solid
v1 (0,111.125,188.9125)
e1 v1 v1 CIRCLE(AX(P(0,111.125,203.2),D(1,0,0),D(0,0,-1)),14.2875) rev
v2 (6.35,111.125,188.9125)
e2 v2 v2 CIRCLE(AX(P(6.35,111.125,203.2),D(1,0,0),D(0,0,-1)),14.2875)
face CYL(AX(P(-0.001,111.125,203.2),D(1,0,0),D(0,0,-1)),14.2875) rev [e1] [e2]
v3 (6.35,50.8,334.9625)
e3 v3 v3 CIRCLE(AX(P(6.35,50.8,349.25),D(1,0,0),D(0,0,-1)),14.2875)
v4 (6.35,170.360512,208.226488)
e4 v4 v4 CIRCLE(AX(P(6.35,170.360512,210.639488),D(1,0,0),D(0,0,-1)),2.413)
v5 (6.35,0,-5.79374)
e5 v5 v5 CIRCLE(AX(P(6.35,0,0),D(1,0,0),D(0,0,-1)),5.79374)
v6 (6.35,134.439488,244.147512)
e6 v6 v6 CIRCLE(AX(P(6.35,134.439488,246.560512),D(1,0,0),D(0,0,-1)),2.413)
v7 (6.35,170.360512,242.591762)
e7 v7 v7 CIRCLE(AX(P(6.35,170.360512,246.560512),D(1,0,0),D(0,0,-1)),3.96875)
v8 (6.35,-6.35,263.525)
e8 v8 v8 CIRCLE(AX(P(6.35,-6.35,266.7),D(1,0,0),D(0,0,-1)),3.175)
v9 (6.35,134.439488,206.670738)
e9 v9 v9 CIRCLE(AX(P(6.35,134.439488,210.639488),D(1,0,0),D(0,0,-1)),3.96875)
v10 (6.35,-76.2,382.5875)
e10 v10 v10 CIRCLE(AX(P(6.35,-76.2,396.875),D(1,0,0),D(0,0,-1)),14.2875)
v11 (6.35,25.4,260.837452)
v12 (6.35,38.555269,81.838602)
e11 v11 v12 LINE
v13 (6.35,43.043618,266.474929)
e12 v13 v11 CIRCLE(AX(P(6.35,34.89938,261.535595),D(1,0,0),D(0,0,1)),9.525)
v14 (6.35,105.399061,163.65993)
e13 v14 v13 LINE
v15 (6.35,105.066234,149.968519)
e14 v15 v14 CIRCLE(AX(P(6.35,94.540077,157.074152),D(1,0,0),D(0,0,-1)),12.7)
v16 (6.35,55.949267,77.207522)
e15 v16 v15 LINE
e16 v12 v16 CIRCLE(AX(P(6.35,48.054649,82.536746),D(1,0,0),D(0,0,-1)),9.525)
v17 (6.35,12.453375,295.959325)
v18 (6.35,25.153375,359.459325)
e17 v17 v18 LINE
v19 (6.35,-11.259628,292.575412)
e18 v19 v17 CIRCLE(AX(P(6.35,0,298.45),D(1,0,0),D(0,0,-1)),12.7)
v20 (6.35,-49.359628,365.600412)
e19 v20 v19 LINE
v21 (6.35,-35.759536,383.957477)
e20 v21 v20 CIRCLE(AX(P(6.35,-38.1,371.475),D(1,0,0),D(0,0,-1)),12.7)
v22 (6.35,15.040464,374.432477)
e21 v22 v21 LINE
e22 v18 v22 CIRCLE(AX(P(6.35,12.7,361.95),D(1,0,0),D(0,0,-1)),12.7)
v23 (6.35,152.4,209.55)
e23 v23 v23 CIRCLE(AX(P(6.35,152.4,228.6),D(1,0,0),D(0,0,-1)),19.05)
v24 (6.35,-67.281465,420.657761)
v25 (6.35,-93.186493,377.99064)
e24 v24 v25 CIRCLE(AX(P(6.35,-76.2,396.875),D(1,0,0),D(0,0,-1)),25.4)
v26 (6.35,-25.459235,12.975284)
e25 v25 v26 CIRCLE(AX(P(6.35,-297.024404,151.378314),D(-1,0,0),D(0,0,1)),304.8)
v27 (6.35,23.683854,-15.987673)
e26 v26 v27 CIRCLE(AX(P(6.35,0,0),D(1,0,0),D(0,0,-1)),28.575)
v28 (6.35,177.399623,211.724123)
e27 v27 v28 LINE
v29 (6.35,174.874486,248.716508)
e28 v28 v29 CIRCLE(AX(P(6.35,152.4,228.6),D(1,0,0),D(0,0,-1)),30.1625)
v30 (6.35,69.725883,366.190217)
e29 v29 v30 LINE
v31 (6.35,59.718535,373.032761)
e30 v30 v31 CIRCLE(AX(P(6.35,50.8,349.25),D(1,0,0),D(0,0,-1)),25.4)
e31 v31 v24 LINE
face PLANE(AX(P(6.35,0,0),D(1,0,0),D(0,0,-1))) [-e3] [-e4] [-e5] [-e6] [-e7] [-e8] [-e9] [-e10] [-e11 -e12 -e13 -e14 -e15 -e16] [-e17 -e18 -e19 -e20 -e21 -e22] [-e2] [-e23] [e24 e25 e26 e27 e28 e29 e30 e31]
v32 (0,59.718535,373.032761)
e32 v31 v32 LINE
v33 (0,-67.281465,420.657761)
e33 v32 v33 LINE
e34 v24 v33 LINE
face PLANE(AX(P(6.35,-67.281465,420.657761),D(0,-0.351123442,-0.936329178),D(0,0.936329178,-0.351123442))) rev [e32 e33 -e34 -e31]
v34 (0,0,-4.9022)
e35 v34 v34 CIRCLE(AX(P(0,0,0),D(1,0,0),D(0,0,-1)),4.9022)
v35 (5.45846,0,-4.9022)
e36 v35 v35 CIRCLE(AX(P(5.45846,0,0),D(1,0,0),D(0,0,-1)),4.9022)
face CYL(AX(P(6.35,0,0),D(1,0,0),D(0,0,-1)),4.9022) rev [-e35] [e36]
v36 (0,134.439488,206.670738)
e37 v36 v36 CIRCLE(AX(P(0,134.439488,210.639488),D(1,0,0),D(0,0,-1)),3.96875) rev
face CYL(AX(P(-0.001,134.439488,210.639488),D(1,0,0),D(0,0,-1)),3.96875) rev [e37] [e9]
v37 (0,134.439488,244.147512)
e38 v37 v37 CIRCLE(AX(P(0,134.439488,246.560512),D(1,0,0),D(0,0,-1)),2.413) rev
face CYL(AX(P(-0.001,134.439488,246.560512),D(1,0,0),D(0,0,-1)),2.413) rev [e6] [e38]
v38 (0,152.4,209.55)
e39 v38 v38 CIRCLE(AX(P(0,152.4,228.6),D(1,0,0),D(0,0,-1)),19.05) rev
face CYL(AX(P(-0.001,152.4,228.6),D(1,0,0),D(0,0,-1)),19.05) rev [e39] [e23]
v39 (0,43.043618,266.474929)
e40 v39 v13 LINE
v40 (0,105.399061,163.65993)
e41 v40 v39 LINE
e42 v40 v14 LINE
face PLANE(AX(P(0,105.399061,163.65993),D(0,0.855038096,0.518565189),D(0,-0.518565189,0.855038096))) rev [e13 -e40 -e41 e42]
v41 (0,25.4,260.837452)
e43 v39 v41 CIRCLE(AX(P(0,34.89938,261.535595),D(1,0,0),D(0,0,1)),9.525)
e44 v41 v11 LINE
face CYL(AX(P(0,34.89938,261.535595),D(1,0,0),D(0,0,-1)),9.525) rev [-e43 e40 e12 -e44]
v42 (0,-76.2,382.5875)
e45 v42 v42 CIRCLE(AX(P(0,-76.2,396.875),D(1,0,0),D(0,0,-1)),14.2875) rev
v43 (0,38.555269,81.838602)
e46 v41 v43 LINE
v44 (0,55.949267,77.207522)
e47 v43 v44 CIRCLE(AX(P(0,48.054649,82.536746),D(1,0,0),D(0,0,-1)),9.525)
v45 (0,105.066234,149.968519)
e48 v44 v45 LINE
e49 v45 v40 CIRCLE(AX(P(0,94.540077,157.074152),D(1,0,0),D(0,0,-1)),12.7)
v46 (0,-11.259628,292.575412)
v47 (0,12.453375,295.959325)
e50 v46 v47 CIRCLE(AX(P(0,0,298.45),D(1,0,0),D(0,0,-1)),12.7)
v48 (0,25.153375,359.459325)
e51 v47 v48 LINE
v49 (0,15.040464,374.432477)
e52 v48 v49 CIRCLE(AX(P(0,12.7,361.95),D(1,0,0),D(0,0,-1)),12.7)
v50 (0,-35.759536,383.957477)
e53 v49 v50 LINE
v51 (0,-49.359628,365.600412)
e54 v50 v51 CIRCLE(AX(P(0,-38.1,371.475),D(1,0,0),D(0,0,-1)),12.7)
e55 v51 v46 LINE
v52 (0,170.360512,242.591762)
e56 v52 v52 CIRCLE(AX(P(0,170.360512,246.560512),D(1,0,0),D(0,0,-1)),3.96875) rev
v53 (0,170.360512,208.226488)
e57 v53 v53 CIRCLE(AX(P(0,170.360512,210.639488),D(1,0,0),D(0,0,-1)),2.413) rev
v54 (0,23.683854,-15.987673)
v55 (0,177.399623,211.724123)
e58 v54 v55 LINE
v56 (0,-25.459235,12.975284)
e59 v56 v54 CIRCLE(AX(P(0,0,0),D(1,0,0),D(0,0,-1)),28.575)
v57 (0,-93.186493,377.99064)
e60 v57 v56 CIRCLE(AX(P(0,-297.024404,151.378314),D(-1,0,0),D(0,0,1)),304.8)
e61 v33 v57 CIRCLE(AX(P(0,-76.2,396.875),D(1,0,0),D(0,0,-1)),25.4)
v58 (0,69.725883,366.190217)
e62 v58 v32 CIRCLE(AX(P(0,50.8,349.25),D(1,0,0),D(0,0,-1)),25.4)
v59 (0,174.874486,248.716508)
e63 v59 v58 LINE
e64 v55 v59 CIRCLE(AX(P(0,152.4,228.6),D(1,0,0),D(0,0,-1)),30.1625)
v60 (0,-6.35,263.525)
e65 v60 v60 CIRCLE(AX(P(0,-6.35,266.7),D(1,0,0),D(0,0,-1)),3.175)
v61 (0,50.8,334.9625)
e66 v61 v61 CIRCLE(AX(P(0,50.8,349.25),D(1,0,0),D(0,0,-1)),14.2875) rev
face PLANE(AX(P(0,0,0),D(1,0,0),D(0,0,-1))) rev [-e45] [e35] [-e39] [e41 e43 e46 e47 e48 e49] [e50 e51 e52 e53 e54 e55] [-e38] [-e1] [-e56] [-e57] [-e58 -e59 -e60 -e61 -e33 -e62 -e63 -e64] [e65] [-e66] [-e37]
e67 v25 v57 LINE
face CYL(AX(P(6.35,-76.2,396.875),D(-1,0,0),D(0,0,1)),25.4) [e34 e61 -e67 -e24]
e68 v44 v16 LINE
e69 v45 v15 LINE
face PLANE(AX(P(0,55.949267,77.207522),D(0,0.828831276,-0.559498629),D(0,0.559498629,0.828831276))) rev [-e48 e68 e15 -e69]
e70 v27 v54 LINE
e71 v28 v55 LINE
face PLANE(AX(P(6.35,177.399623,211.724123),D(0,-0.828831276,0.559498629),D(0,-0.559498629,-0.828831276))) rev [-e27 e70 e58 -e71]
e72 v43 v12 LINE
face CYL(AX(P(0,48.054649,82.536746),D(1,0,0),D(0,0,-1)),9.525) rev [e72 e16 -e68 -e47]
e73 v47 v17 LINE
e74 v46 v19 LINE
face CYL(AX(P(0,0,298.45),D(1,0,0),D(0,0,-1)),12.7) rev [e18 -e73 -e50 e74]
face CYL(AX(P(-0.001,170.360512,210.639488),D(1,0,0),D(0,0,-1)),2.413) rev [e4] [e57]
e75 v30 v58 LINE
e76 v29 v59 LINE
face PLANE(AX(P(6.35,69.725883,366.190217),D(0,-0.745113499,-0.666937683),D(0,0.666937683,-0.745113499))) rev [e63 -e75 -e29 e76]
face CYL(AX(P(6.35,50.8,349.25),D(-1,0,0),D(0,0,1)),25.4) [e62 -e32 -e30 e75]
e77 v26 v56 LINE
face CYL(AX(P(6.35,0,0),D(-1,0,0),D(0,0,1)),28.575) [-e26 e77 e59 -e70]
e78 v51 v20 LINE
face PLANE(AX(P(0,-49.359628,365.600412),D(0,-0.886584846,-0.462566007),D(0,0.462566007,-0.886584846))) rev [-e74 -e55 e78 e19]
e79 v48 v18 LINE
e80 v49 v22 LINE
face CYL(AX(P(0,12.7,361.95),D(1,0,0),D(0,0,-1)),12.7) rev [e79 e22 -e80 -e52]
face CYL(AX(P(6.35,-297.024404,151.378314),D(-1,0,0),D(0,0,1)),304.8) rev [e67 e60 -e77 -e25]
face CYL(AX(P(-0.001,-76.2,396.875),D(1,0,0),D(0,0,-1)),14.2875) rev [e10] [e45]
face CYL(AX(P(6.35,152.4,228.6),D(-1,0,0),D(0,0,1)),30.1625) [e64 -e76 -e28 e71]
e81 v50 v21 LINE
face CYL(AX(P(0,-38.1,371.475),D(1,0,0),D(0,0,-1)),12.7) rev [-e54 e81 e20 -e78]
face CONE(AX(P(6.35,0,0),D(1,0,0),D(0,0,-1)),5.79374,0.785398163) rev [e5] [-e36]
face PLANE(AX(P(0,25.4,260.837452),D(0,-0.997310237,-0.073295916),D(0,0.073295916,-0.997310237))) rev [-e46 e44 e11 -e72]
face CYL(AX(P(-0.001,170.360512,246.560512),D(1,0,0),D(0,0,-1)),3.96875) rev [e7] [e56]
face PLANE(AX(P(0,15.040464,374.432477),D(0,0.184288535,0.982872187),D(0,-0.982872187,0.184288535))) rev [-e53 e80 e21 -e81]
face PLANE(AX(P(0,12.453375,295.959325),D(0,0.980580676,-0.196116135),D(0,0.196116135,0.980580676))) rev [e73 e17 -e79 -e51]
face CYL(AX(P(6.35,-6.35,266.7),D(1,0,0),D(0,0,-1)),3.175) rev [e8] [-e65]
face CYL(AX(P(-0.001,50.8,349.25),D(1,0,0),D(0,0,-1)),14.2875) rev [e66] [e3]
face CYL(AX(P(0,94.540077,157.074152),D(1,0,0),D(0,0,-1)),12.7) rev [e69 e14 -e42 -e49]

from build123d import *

# Parameters (mm, degrees)
BOSS_EXTRUDE1_DEPTH               = 6.35
CUT_EXTRUDE1_REACH                = 8.35
SKETCH3_R                         = 14.2875
SKETCH3_R_2                       = 19.05
SKETCH3_R_3                       = 2.413
SKETCH3_R_4                       = 3.96875
F_3_8_CLEARANCE_HOLE2_D           = 9.8044
F_3_8_CLEARANCE_HOLE2_CSINK_D     = 11.58748
F_3_8_CLEARANCE_HOLE2_CSINK_ANGLE = 90
F_1_4_0_2500_DOWEL_HOLE2_D        = 6.35
CUT_EXTRUDE2_DEPTH                = 7.35


with BuildPart() as part:
    # Sketch2 → Boss-Extrude1 (new body)
    with BuildSketch(Plane(origin=(0, 0, 0), x_dir=(0, 0, -1), z_dir=(1, 0, 0))):
        with BuildLine():
            Line((-420.65776111, -67.281464584), (-373.03276111, 59.718535416))
            ThreePointArc((-373.03276111, 59.718535416), (-370.217283815, 65.136422477), (-366.190217158, 69.725882876))
            Line((-366.190217158, 69.725882876), (-248.716507876, 174.874485915))
            ThreePointArc((-248.716507876, 174.874485915), (-230.65414247, 182.492472563), (-211.724122614, 177.399623371))
            Line((-211.724122614, 177.399623371), (15.987673313, 23.68385372))
            ThreePointArc((15.987673313, 23.68385372), (24.617664495, -14.508660165), (-12.975284095, -25.459234624))
            ThreePointArc((-12.975284095, -25.459234624), (-206.983757432, 2.660555148), (-377.990639572, -93.186492612))
            ThreePointArc((-377.990639572, -93.186492612), (-410.057040874, -97.911605155), (-420.65776111, -67.281464584))
        make_face()
    extrude(amount=BOSS_EXTRUDE1_DEPTH)

    # Sketch3 → Cut-Extrude1 (cut, up to next)
    with BuildSketch(Plane(origin=(6.35, 0, 0), x_dir=(0, 0, -1), z_dir=(1, 0, 0)), mode=Mode.PRIVATE) as cut_extrude1_sk1:
        with Locations((-203.2, 111.125)):
            Circle(SKETCH3_R)
    cut_extrude1_tool1 = extrude(cut_extrude1_sk1.sketch, amount=-CUT_EXTRUDE1_REACH, mode=Mode.PRIVATE) & part.part
    add(cut_extrude1_tool1.solids().sort_by_distance((6.35, 111.125, 203.2))[0], mode=Mode.SUBTRACT)
    # Sketch3 → Cut-Extrude1 (cut, up to next)
    with BuildSketch(Plane(origin=(6.35, 0, 0), x_dir=(0, 0, -1), z_dir=(1, 0, 0)), mode=Mode.PRIVATE) as cut_extrude1_sk2:
        with Locations((-349.25, 50.8)):
            Circle(SKETCH3_R)
    cut_extrude1_tool2 = extrude(cut_extrude1_sk2.sketch, amount=-CUT_EXTRUDE1_REACH, mode=Mode.PRIVATE) & part.part
    add(cut_extrude1_tool2.solids().sort_by_distance((6.35, 50.8, 349.25))[0], mode=Mode.SUBTRACT)
    # Sketch3 → Cut-Extrude1 (cut, up to next)
    with BuildSketch(Plane(origin=(6.35, 0, 0), x_dir=(0, 0, -1), z_dir=(1, 0, 0)), mode=Mode.PRIVATE) as cut_extrude1_sk3:
        with Locations((-396.875, -76.2)):
            Circle(SKETCH3_R)
    cut_extrude1_tool3 = extrude(cut_extrude1_sk3.sketch, amount=-CUT_EXTRUDE1_REACH, mode=Mode.PRIVATE) & part.part
    add(cut_extrude1_tool3.solids().sort_by_distance((6.35, -76.2, 396.875))[0], mode=Mode.SUBTRACT)
    # Sketch3 → Cut-Extrude1 (cut, up to next)
    with BuildSketch(Plane(origin=(6.35, 0, 0), x_dir=(0, 0, -1), z_dir=(1, 0, 0)), mode=Mode.PRIVATE) as cut_extrude1_sk4:
        with Locations((-228.6, 152.4)):
            Circle(SKETCH3_R_2)
    cut_extrude1_tool4 = extrude(cut_extrude1_sk4.sketch, amount=-CUT_EXTRUDE1_REACH, mode=Mode.PRIVATE) & part.part
    add(cut_extrude1_tool4.solids().sort_by_distance((6.35, 152.4, 228.6))[0], mode=Mode.SUBTRACT)
    # Sketch3 → Cut-Extrude1 (cut, up to next)
    with BuildSketch(Plane(origin=(6.35, 0, 0), x_dir=(0, 0, -1), z_dir=(1, 0, 0)), mode=Mode.PRIVATE) as cut_extrude1_sk5:
        with Locations((-246.560512242, 134.439487758)):
            Circle(SKETCH3_R_3)
    cut_extrude1_tool5 = extrude(cut_extrude1_sk5.sketch, amount=-CUT_EXTRUDE1_REACH, mode=Mode.PRIVATE) & part.part
    add(cut_extrude1_tool5.solids().sort_by_distance((6.35, 134.439488, 246.560512))[0], mode=Mode.SUBTRACT)
    # Sketch3 → Cut-Extrude1 (cut, up to next)
    with BuildSketch(Plane(origin=(6.35, 0, 0), x_dir=(0, 0, -1), z_dir=(1, 0, 0)), mode=Mode.PRIVATE) as cut_extrude1_sk6:
        with Locations((-210.639487758, 134.439487758)):
            Circle(SKETCH3_R_4)
    cut_extrude1_tool6 = extrude(cut_extrude1_sk6.sketch, amount=-CUT_EXTRUDE1_REACH, mode=Mode.PRIVATE) & part.part
    add(cut_extrude1_tool6.solids().sort_by_distance((6.35, 134.439488, 210.639488))[0], mode=Mode.SUBTRACT)
    # Sketch3 → Cut-Extrude1 (cut, up to next)
    with BuildSketch(Plane(origin=(6.35, 0, 0), x_dir=(0, 0, -1), z_dir=(1, 0, 0)), mode=Mode.PRIVATE) as cut_extrude1_sk7:
        with Locations((-210.639487758, 170.360512242)):
            Circle(SKETCH3_R_3)
    cut_extrude1_tool7 = extrude(cut_extrude1_sk7.sketch, amount=-CUT_EXTRUDE1_REACH, mode=Mode.PRIVATE) & part.part
    add(cut_extrude1_tool7.solids().sort_by_distance((6.35, 170.360512, 210.639488))[0], mode=Mode.SUBTRACT)
    # Sketch3 → Cut-Extrude1 (cut, up to next)
    with BuildSketch(Plane(origin=(6.35, 0, 0), x_dir=(0, 0, -1), z_dir=(1, 0, 0)), mode=Mode.PRIVATE) as cut_extrude1_sk8:
        with Locations((-246.560512242, 170.360512242)):
            Circle(SKETCH3_R_4)
    cut_extrude1_tool8 = extrude(cut_extrude1_sk8.sketch, amount=-CUT_EXTRUDE1_REACH, mode=Mode.PRIVATE) & part.part
    add(cut_extrude1_tool8.solids().sort_by_distance((6.35, 170.360512, 246.560512))[0], mode=Mode.SUBTRACT)

    # 3/8 Clearance Hole2 (through all)
    with Locations(Plane(origin=(6.35, 0, 0), x_dir=(0, 0, -1), z_dir=(1, 0, 0))):
        with Locations((0, 0)):
            CounterSinkHole(F_3_8_CLEARANCE_HOLE2_D / 2, F_3_8_CLEARANCE_HOLE2_CSINK_D / 2, counter_sink_angle=F_3_8_CLEARANCE_HOLE2_CSINK_ANGLE)

    # 1/4 (0.2500) Dowel Hole2 (through all)
    with Locations(Plane(origin=(6.35, 0, 0), x_dir=(0, 0, -1), z_dir=(1, 0, 0))):
        with Locations((-266.7, -6.35)):
            Hole(F_1_4_0_2500_DOWEL_HOLE2_D / 2)

    # Sketch14 → Cut-Extrude2 (cut, through all)
    with BuildSketch(Plane(origin=(6.35, 0, 0), x_dir=(0, 0, -1), z_dir=(1, 0, 0))):
        with BuildLine():
            Line((-365.600411715, -49.359627546), (-292.575411715, -11.259627546))
            ThreePointArc((-292.575411715, -11.259627546), (-285.877370021, 1.794150333), (-295.959325084, 12.453374581))
            Line((-295.959325084, 12.453374581), (-359.459325084, 25.153374581))
            ThreePointArc((-359.459325084, 25.153374581), (-369.058218075, 23.224411423), (-374.432476774, 15.040464395))
            Line((-374.432476774, 15.040464395), (-383.957476774, -35.759535605))
            ThreePointArc((-383.957476774, -35.759535605), (-379.035203223, -48.304573838), (-365.600411715, -49.359627546))
        make_face()
        with BuildLine():
            Line((-77.20752162, 55.949267111), (-149.968519497, 105.066234213))
            ThreePointArc((-149.968519497, 105.066234213), (-156.765517001, 107.236326229), (-163.659929975, 105.39906082))
            Line((-163.659929975, 105.39906082), (-266.47492871, 43.043617869))
            ThreePointArc((-266.47492871, 43.043617869), (-270.608700361, 32.000347521), (-260.837451688, 25.4))
            Line((-260.837451688, 25.4), (-81.838602457, 38.555269198))
            ThreePointArc((-81.838602457, 38.555269198), (-73.332394792, 45.604028308), (-77.20752162, 55.949267111))
        make_face()
    extrude(amount=-CUT_EXTRUDE2_DEPTH, mode=Mode.SUBTRACT)


solid = part.part
